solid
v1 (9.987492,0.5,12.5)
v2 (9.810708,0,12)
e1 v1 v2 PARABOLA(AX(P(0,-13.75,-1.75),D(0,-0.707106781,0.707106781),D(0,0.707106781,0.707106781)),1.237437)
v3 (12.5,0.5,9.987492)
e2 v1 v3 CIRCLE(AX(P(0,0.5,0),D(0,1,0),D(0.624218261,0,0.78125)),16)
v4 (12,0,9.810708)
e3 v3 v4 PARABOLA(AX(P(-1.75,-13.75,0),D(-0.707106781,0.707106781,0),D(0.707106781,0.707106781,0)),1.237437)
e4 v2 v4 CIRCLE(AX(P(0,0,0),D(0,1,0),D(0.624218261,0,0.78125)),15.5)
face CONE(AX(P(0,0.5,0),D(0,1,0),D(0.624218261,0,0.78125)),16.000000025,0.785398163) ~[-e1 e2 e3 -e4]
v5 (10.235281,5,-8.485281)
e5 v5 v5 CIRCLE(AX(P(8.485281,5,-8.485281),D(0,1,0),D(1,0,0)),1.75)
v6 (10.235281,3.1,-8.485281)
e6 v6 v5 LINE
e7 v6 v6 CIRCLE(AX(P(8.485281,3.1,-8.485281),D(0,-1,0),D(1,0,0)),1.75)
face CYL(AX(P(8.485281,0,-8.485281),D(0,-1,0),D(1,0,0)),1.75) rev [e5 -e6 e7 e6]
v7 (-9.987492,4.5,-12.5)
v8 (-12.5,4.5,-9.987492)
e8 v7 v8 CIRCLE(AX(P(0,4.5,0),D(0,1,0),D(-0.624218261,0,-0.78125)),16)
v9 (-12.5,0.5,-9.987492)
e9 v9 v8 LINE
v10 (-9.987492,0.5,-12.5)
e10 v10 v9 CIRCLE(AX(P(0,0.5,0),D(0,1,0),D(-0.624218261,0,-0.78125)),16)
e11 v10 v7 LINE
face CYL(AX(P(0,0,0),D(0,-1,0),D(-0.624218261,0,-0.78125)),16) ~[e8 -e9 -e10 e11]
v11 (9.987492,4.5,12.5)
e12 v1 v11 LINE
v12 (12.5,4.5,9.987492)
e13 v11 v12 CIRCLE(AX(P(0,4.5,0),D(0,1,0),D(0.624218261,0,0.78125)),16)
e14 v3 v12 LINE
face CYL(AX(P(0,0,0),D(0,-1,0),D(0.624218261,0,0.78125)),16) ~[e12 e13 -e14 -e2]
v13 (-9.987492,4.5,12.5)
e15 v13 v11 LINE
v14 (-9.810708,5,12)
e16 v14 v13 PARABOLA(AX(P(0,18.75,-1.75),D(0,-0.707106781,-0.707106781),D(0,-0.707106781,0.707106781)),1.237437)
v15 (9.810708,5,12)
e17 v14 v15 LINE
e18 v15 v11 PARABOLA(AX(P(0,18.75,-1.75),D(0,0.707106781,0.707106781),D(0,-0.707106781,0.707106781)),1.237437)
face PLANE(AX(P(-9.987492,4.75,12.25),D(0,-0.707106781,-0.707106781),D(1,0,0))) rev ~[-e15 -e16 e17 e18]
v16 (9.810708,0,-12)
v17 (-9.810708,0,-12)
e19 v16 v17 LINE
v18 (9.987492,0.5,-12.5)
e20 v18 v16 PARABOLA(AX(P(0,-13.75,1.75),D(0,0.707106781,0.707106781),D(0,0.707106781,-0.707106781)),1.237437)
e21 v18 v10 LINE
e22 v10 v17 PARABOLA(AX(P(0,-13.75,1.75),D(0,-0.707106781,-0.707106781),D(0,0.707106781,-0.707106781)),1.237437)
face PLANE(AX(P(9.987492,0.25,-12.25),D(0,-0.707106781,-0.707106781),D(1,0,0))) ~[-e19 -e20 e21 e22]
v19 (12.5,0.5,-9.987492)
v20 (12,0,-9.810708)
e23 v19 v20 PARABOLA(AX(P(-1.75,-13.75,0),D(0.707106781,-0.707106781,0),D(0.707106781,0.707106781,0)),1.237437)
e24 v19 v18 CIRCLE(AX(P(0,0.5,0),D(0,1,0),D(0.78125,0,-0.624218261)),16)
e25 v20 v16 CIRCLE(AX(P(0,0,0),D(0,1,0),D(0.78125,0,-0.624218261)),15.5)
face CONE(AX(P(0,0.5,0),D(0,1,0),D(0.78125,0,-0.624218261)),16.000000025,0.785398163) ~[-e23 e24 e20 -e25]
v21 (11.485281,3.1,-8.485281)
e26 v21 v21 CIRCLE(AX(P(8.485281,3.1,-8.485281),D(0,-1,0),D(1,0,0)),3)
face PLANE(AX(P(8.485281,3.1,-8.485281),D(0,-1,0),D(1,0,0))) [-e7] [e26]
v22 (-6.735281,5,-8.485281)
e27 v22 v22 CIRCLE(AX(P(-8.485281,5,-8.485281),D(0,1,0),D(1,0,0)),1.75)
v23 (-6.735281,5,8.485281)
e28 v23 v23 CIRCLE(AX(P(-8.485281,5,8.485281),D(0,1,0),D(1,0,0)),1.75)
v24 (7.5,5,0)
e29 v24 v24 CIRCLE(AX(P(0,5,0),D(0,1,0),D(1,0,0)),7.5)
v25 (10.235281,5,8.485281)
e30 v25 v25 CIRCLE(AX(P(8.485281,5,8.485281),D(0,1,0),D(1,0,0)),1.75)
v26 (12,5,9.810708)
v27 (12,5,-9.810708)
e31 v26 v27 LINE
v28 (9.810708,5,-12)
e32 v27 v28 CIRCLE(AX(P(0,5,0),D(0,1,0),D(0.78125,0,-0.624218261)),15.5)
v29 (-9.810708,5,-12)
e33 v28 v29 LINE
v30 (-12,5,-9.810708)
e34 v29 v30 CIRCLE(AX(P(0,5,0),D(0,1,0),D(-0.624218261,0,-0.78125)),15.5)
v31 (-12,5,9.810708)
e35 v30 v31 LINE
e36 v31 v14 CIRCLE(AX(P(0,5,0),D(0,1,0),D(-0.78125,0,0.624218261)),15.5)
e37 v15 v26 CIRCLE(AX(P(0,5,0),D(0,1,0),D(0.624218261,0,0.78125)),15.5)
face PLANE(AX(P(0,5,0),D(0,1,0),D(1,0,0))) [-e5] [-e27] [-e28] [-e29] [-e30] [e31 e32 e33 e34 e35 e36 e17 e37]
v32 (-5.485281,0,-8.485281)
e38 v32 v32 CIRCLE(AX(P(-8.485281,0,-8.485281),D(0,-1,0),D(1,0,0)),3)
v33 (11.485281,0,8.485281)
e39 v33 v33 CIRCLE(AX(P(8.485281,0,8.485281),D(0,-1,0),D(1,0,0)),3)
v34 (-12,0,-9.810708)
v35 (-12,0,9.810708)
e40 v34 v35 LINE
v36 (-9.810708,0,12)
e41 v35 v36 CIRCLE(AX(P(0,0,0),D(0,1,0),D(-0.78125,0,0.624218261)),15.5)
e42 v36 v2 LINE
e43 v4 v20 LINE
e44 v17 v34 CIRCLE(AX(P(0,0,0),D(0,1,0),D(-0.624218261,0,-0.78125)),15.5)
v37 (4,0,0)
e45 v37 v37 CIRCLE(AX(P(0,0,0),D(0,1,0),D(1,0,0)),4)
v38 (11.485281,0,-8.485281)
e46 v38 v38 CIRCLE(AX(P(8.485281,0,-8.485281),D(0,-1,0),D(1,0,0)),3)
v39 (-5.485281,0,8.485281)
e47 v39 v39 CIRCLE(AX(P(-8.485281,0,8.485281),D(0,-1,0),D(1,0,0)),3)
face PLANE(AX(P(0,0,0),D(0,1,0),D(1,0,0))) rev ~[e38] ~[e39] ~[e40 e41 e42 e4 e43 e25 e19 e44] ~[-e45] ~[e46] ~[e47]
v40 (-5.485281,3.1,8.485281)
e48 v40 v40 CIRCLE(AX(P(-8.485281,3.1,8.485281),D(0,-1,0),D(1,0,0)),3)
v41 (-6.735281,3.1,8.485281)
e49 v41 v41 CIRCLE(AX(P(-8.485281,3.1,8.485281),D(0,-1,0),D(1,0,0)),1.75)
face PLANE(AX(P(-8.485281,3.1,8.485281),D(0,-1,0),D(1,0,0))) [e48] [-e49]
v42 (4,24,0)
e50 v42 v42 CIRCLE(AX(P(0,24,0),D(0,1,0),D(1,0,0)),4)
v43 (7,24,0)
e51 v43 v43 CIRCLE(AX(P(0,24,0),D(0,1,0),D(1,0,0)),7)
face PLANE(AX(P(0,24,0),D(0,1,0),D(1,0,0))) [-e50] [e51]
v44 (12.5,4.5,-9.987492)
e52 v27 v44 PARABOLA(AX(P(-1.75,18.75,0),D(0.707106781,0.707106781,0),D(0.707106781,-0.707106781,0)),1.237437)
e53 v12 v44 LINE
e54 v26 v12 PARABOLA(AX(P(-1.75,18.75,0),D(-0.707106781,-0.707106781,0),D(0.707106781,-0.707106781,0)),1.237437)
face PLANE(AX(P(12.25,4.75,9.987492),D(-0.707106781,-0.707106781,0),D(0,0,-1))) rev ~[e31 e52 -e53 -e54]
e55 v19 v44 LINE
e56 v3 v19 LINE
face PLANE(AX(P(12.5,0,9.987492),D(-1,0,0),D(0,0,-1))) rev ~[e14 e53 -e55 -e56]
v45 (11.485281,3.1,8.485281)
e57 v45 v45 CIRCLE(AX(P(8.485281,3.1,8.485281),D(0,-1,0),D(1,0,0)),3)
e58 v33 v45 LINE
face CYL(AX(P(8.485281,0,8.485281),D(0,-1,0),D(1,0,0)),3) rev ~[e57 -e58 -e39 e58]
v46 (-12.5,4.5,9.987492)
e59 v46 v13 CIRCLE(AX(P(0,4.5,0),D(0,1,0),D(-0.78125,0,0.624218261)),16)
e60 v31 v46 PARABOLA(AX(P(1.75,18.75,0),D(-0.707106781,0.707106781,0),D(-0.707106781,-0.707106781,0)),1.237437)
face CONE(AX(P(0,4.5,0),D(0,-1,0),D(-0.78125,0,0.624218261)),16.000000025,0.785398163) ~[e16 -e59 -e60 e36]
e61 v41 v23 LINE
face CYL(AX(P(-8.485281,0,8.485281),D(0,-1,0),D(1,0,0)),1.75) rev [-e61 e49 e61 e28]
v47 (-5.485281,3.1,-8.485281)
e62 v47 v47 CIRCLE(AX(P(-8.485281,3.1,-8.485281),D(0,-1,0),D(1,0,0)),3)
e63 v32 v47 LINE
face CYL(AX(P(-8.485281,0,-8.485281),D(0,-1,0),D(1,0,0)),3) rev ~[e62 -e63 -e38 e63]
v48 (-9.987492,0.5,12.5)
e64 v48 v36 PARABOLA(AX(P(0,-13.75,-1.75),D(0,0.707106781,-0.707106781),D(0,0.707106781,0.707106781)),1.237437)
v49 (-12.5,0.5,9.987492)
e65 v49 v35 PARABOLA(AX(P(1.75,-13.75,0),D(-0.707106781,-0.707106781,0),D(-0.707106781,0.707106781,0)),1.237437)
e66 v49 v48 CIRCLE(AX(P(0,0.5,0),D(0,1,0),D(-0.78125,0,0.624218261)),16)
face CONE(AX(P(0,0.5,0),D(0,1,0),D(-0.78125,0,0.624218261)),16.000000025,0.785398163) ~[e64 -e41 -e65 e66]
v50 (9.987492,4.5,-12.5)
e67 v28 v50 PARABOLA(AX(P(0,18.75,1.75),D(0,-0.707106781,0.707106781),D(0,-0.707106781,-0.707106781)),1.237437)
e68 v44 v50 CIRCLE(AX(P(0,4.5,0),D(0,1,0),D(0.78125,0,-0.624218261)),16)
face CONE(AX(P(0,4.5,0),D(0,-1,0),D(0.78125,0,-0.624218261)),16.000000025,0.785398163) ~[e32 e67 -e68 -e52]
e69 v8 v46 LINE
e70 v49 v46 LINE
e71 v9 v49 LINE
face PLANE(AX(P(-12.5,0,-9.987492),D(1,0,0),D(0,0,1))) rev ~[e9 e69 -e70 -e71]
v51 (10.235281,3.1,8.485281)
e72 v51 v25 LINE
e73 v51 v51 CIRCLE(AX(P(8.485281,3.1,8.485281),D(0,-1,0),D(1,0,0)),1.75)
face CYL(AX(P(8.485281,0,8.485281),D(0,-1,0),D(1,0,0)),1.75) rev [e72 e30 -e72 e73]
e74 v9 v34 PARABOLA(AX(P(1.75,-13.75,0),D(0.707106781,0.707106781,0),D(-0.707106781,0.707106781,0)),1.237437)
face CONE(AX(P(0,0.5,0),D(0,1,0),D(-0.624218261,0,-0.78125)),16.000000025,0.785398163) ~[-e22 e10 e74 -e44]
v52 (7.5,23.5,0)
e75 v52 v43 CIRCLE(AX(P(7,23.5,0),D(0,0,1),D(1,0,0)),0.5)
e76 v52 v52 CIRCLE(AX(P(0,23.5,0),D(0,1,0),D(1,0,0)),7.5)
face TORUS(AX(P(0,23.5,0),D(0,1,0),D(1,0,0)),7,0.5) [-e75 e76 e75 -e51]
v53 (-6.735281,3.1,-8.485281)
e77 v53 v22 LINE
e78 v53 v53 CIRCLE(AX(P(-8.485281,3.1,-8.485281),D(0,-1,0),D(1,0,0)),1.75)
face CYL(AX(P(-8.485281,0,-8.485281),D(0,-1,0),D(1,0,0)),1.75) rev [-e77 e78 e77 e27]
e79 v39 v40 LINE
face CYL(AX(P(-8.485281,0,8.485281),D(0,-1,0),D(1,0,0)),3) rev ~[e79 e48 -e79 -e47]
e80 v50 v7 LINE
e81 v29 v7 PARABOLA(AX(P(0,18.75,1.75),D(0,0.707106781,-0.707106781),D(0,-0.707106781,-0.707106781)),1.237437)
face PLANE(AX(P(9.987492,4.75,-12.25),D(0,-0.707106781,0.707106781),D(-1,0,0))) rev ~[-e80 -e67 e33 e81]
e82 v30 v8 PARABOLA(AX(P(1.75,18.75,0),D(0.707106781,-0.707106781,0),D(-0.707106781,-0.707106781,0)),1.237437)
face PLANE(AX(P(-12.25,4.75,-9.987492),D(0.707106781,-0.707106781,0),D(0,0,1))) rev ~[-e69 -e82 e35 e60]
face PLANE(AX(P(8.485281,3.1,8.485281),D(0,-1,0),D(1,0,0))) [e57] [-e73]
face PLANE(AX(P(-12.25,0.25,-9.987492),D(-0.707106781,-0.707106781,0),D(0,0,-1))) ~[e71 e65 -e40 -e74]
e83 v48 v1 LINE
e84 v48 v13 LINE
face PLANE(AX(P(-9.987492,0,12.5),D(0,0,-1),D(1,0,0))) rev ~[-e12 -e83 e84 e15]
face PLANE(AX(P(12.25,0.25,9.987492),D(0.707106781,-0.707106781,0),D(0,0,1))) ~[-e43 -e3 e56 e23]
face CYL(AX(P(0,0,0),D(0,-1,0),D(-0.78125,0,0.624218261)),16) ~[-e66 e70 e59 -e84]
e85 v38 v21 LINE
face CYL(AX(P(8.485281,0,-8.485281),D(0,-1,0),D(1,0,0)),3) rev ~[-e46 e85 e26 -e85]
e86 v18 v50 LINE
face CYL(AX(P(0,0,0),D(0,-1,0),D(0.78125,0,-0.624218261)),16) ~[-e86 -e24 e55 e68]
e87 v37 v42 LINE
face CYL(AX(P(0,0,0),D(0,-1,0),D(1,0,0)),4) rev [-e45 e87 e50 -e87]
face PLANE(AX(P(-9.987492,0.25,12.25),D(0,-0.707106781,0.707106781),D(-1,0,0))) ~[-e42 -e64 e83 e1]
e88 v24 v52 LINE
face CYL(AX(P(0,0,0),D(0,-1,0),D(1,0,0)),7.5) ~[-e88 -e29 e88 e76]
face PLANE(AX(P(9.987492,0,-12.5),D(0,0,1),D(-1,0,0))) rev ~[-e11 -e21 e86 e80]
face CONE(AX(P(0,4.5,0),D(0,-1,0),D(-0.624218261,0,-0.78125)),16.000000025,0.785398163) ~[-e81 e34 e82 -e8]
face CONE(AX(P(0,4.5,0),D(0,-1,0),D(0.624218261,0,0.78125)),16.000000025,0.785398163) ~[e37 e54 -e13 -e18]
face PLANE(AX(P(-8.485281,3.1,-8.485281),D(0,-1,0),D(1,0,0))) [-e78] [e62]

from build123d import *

# Parameters (mm, degrees)
SKETCH_1_R          = 1.75
SKETCH_1_R_2        = 7.5
EXTRUDE_1_DEPTH     = 5
SKETCH_1_3_R        = 7.5
SKETCH_1_3_R_2      = 4
EXTRUDE_2_DEPTH     = 24
SKETCH_2_R          = 3
CUT_EXTRUDE_1_DEPTH = 3.1
CHAMFER_1_SIZE      = 0.5
CHAMFER_2_SIZE      = 0.5
FILLET_1_R          = 0.5


with BuildPart() as part:
    # 草图1 → 凸台-拉伸1 (new body)
    with BuildSketch(Plane(origin=(0, 0, 0), x_dir=(1, 0, 0), z_dir=(0, 1, 0))):
        with BuildLine():
            ThreePointArc((-12.5, -9.987492178), (-11.313708499, -11.313708499), (-9.987492178, -12.5))
            Line((-9.987492178, -12.5), (9.987492178, -12.5))
            ThreePointArc((9.987492178, -12.5), (11.313708499, -11.313708499), (12.5, -9.987492178))
            Line((12.5, -9.987492178), (12.5, 9.987492178))
            ThreePointArc((12.5, 9.987492178), (11.313708499, 11.313708499), (9.987492178, 12.5))
            Line((9.987492178, 12.5), (-9.987492178, 12.5))
            ThreePointArc((-9.987492178, 12.5), (-11.313708499, 11.313708499), (-12.5, 9.987492178))
            Line((-12.5, 9.987492178), (-12.5, -9.987492178))
        make_face()
        with Locations((-8.485281374, -8.485281374)):
            Circle(SKETCH_1_R, mode=Mode.SUBTRACT)
        with Locations((8.485281374, -8.485281374)):
            Circle(SKETCH_1_R, mode=Mode.SUBTRACT)
        with Locations((-8.485281374, 8.485281374)):
            Circle(SKETCH_1_R, mode=Mode.SUBTRACT)
        Circle(SKETCH_1_R_2, mode=Mode.SUBTRACT)
        with Locations((8.485281374, 8.485281374)):
            Circle(SKETCH_1_R, mode=Mode.SUBTRACT)
    extrude(amount=EXTRUDE_1_DEPTH)

    # 草图1<3> → 凸台-拉伸2 (add)
    with BuildSketch(Plane(origin=(0, 0, 0), x_dir=(1, 0, 0), z_dir=(0, 1, 0))):
        Circle(SKETCH_1_3_R)
        Circle(SKETCH_1_3_R_2, mode=Mode.SUBTRACT)
    extrude(amount=EXTRUDE_2_DEPTH)

    # 草图2 → 切除-拉伸1 (cut)
    with BuildSketch(Plane.XZ):
        with Locations((-8.485281374, 8.485281374)):
            Circle(SKETCH_2_R)
        with Locations((8.485281374, 8.485281374)):
            Circle(SKETCH_2_R)
        with Locations((8.485281374, -8.485281374)):
            Circle(SKETCH_2_R)
        with Locations((-8.485281374, -8.485281374)):
            Circle(SKETCH_2_R)
    extrude(amount=-CUT_EXTRUDE_1_DEPTH, mode=Mode.SUBTRACT)

    # 倒角1
    chamfer_1_edges = [part.edges().sort_by_distance(p)[0] for p in [
        (0, 5, 12.5),
        (11.313708499, 5, 11.313708499),
        (12.5, 5, 0),
        (11.313708499, 5, -11.313708499),
        (0, 5, -12.5),
        (-11.313708499, 5, -11.313708499),
        (-12.5, 5, 0),
        (-11.313708499, 5, 11.313708499),
    ]]
    chamfer(chamfer_1_edges, length=CHAMFER_1_SIZE)

    # 倒角2
    chamfer_2_edges = [part.edges().sort_by_distance(p)[0] for p in [
        (-11.313708499, 0, 11.313708499),
        (-12.5, 0, 0),
        (-11.313708499, 0, -11.313708499),
        (0, 0, -12.5),
        (11.313708499, 0, -11.313708499),
        (12.5, 0, 0),
        (11.313708499, 0, 11.313708499),
        (0, 0, 12.5),
    ]]
    chamfer(chamfer_2_edges, length=CHAMFER_2_SIZE)

    # 圆角1
    fillet_1_edges = [part.edges().sort_by_distance(p)[0] for p in [
        (-7.5, 24, 0),
    ]]
    fillet(fillet_1_edges, radius=FILLET_1_R)


solid = part.part
